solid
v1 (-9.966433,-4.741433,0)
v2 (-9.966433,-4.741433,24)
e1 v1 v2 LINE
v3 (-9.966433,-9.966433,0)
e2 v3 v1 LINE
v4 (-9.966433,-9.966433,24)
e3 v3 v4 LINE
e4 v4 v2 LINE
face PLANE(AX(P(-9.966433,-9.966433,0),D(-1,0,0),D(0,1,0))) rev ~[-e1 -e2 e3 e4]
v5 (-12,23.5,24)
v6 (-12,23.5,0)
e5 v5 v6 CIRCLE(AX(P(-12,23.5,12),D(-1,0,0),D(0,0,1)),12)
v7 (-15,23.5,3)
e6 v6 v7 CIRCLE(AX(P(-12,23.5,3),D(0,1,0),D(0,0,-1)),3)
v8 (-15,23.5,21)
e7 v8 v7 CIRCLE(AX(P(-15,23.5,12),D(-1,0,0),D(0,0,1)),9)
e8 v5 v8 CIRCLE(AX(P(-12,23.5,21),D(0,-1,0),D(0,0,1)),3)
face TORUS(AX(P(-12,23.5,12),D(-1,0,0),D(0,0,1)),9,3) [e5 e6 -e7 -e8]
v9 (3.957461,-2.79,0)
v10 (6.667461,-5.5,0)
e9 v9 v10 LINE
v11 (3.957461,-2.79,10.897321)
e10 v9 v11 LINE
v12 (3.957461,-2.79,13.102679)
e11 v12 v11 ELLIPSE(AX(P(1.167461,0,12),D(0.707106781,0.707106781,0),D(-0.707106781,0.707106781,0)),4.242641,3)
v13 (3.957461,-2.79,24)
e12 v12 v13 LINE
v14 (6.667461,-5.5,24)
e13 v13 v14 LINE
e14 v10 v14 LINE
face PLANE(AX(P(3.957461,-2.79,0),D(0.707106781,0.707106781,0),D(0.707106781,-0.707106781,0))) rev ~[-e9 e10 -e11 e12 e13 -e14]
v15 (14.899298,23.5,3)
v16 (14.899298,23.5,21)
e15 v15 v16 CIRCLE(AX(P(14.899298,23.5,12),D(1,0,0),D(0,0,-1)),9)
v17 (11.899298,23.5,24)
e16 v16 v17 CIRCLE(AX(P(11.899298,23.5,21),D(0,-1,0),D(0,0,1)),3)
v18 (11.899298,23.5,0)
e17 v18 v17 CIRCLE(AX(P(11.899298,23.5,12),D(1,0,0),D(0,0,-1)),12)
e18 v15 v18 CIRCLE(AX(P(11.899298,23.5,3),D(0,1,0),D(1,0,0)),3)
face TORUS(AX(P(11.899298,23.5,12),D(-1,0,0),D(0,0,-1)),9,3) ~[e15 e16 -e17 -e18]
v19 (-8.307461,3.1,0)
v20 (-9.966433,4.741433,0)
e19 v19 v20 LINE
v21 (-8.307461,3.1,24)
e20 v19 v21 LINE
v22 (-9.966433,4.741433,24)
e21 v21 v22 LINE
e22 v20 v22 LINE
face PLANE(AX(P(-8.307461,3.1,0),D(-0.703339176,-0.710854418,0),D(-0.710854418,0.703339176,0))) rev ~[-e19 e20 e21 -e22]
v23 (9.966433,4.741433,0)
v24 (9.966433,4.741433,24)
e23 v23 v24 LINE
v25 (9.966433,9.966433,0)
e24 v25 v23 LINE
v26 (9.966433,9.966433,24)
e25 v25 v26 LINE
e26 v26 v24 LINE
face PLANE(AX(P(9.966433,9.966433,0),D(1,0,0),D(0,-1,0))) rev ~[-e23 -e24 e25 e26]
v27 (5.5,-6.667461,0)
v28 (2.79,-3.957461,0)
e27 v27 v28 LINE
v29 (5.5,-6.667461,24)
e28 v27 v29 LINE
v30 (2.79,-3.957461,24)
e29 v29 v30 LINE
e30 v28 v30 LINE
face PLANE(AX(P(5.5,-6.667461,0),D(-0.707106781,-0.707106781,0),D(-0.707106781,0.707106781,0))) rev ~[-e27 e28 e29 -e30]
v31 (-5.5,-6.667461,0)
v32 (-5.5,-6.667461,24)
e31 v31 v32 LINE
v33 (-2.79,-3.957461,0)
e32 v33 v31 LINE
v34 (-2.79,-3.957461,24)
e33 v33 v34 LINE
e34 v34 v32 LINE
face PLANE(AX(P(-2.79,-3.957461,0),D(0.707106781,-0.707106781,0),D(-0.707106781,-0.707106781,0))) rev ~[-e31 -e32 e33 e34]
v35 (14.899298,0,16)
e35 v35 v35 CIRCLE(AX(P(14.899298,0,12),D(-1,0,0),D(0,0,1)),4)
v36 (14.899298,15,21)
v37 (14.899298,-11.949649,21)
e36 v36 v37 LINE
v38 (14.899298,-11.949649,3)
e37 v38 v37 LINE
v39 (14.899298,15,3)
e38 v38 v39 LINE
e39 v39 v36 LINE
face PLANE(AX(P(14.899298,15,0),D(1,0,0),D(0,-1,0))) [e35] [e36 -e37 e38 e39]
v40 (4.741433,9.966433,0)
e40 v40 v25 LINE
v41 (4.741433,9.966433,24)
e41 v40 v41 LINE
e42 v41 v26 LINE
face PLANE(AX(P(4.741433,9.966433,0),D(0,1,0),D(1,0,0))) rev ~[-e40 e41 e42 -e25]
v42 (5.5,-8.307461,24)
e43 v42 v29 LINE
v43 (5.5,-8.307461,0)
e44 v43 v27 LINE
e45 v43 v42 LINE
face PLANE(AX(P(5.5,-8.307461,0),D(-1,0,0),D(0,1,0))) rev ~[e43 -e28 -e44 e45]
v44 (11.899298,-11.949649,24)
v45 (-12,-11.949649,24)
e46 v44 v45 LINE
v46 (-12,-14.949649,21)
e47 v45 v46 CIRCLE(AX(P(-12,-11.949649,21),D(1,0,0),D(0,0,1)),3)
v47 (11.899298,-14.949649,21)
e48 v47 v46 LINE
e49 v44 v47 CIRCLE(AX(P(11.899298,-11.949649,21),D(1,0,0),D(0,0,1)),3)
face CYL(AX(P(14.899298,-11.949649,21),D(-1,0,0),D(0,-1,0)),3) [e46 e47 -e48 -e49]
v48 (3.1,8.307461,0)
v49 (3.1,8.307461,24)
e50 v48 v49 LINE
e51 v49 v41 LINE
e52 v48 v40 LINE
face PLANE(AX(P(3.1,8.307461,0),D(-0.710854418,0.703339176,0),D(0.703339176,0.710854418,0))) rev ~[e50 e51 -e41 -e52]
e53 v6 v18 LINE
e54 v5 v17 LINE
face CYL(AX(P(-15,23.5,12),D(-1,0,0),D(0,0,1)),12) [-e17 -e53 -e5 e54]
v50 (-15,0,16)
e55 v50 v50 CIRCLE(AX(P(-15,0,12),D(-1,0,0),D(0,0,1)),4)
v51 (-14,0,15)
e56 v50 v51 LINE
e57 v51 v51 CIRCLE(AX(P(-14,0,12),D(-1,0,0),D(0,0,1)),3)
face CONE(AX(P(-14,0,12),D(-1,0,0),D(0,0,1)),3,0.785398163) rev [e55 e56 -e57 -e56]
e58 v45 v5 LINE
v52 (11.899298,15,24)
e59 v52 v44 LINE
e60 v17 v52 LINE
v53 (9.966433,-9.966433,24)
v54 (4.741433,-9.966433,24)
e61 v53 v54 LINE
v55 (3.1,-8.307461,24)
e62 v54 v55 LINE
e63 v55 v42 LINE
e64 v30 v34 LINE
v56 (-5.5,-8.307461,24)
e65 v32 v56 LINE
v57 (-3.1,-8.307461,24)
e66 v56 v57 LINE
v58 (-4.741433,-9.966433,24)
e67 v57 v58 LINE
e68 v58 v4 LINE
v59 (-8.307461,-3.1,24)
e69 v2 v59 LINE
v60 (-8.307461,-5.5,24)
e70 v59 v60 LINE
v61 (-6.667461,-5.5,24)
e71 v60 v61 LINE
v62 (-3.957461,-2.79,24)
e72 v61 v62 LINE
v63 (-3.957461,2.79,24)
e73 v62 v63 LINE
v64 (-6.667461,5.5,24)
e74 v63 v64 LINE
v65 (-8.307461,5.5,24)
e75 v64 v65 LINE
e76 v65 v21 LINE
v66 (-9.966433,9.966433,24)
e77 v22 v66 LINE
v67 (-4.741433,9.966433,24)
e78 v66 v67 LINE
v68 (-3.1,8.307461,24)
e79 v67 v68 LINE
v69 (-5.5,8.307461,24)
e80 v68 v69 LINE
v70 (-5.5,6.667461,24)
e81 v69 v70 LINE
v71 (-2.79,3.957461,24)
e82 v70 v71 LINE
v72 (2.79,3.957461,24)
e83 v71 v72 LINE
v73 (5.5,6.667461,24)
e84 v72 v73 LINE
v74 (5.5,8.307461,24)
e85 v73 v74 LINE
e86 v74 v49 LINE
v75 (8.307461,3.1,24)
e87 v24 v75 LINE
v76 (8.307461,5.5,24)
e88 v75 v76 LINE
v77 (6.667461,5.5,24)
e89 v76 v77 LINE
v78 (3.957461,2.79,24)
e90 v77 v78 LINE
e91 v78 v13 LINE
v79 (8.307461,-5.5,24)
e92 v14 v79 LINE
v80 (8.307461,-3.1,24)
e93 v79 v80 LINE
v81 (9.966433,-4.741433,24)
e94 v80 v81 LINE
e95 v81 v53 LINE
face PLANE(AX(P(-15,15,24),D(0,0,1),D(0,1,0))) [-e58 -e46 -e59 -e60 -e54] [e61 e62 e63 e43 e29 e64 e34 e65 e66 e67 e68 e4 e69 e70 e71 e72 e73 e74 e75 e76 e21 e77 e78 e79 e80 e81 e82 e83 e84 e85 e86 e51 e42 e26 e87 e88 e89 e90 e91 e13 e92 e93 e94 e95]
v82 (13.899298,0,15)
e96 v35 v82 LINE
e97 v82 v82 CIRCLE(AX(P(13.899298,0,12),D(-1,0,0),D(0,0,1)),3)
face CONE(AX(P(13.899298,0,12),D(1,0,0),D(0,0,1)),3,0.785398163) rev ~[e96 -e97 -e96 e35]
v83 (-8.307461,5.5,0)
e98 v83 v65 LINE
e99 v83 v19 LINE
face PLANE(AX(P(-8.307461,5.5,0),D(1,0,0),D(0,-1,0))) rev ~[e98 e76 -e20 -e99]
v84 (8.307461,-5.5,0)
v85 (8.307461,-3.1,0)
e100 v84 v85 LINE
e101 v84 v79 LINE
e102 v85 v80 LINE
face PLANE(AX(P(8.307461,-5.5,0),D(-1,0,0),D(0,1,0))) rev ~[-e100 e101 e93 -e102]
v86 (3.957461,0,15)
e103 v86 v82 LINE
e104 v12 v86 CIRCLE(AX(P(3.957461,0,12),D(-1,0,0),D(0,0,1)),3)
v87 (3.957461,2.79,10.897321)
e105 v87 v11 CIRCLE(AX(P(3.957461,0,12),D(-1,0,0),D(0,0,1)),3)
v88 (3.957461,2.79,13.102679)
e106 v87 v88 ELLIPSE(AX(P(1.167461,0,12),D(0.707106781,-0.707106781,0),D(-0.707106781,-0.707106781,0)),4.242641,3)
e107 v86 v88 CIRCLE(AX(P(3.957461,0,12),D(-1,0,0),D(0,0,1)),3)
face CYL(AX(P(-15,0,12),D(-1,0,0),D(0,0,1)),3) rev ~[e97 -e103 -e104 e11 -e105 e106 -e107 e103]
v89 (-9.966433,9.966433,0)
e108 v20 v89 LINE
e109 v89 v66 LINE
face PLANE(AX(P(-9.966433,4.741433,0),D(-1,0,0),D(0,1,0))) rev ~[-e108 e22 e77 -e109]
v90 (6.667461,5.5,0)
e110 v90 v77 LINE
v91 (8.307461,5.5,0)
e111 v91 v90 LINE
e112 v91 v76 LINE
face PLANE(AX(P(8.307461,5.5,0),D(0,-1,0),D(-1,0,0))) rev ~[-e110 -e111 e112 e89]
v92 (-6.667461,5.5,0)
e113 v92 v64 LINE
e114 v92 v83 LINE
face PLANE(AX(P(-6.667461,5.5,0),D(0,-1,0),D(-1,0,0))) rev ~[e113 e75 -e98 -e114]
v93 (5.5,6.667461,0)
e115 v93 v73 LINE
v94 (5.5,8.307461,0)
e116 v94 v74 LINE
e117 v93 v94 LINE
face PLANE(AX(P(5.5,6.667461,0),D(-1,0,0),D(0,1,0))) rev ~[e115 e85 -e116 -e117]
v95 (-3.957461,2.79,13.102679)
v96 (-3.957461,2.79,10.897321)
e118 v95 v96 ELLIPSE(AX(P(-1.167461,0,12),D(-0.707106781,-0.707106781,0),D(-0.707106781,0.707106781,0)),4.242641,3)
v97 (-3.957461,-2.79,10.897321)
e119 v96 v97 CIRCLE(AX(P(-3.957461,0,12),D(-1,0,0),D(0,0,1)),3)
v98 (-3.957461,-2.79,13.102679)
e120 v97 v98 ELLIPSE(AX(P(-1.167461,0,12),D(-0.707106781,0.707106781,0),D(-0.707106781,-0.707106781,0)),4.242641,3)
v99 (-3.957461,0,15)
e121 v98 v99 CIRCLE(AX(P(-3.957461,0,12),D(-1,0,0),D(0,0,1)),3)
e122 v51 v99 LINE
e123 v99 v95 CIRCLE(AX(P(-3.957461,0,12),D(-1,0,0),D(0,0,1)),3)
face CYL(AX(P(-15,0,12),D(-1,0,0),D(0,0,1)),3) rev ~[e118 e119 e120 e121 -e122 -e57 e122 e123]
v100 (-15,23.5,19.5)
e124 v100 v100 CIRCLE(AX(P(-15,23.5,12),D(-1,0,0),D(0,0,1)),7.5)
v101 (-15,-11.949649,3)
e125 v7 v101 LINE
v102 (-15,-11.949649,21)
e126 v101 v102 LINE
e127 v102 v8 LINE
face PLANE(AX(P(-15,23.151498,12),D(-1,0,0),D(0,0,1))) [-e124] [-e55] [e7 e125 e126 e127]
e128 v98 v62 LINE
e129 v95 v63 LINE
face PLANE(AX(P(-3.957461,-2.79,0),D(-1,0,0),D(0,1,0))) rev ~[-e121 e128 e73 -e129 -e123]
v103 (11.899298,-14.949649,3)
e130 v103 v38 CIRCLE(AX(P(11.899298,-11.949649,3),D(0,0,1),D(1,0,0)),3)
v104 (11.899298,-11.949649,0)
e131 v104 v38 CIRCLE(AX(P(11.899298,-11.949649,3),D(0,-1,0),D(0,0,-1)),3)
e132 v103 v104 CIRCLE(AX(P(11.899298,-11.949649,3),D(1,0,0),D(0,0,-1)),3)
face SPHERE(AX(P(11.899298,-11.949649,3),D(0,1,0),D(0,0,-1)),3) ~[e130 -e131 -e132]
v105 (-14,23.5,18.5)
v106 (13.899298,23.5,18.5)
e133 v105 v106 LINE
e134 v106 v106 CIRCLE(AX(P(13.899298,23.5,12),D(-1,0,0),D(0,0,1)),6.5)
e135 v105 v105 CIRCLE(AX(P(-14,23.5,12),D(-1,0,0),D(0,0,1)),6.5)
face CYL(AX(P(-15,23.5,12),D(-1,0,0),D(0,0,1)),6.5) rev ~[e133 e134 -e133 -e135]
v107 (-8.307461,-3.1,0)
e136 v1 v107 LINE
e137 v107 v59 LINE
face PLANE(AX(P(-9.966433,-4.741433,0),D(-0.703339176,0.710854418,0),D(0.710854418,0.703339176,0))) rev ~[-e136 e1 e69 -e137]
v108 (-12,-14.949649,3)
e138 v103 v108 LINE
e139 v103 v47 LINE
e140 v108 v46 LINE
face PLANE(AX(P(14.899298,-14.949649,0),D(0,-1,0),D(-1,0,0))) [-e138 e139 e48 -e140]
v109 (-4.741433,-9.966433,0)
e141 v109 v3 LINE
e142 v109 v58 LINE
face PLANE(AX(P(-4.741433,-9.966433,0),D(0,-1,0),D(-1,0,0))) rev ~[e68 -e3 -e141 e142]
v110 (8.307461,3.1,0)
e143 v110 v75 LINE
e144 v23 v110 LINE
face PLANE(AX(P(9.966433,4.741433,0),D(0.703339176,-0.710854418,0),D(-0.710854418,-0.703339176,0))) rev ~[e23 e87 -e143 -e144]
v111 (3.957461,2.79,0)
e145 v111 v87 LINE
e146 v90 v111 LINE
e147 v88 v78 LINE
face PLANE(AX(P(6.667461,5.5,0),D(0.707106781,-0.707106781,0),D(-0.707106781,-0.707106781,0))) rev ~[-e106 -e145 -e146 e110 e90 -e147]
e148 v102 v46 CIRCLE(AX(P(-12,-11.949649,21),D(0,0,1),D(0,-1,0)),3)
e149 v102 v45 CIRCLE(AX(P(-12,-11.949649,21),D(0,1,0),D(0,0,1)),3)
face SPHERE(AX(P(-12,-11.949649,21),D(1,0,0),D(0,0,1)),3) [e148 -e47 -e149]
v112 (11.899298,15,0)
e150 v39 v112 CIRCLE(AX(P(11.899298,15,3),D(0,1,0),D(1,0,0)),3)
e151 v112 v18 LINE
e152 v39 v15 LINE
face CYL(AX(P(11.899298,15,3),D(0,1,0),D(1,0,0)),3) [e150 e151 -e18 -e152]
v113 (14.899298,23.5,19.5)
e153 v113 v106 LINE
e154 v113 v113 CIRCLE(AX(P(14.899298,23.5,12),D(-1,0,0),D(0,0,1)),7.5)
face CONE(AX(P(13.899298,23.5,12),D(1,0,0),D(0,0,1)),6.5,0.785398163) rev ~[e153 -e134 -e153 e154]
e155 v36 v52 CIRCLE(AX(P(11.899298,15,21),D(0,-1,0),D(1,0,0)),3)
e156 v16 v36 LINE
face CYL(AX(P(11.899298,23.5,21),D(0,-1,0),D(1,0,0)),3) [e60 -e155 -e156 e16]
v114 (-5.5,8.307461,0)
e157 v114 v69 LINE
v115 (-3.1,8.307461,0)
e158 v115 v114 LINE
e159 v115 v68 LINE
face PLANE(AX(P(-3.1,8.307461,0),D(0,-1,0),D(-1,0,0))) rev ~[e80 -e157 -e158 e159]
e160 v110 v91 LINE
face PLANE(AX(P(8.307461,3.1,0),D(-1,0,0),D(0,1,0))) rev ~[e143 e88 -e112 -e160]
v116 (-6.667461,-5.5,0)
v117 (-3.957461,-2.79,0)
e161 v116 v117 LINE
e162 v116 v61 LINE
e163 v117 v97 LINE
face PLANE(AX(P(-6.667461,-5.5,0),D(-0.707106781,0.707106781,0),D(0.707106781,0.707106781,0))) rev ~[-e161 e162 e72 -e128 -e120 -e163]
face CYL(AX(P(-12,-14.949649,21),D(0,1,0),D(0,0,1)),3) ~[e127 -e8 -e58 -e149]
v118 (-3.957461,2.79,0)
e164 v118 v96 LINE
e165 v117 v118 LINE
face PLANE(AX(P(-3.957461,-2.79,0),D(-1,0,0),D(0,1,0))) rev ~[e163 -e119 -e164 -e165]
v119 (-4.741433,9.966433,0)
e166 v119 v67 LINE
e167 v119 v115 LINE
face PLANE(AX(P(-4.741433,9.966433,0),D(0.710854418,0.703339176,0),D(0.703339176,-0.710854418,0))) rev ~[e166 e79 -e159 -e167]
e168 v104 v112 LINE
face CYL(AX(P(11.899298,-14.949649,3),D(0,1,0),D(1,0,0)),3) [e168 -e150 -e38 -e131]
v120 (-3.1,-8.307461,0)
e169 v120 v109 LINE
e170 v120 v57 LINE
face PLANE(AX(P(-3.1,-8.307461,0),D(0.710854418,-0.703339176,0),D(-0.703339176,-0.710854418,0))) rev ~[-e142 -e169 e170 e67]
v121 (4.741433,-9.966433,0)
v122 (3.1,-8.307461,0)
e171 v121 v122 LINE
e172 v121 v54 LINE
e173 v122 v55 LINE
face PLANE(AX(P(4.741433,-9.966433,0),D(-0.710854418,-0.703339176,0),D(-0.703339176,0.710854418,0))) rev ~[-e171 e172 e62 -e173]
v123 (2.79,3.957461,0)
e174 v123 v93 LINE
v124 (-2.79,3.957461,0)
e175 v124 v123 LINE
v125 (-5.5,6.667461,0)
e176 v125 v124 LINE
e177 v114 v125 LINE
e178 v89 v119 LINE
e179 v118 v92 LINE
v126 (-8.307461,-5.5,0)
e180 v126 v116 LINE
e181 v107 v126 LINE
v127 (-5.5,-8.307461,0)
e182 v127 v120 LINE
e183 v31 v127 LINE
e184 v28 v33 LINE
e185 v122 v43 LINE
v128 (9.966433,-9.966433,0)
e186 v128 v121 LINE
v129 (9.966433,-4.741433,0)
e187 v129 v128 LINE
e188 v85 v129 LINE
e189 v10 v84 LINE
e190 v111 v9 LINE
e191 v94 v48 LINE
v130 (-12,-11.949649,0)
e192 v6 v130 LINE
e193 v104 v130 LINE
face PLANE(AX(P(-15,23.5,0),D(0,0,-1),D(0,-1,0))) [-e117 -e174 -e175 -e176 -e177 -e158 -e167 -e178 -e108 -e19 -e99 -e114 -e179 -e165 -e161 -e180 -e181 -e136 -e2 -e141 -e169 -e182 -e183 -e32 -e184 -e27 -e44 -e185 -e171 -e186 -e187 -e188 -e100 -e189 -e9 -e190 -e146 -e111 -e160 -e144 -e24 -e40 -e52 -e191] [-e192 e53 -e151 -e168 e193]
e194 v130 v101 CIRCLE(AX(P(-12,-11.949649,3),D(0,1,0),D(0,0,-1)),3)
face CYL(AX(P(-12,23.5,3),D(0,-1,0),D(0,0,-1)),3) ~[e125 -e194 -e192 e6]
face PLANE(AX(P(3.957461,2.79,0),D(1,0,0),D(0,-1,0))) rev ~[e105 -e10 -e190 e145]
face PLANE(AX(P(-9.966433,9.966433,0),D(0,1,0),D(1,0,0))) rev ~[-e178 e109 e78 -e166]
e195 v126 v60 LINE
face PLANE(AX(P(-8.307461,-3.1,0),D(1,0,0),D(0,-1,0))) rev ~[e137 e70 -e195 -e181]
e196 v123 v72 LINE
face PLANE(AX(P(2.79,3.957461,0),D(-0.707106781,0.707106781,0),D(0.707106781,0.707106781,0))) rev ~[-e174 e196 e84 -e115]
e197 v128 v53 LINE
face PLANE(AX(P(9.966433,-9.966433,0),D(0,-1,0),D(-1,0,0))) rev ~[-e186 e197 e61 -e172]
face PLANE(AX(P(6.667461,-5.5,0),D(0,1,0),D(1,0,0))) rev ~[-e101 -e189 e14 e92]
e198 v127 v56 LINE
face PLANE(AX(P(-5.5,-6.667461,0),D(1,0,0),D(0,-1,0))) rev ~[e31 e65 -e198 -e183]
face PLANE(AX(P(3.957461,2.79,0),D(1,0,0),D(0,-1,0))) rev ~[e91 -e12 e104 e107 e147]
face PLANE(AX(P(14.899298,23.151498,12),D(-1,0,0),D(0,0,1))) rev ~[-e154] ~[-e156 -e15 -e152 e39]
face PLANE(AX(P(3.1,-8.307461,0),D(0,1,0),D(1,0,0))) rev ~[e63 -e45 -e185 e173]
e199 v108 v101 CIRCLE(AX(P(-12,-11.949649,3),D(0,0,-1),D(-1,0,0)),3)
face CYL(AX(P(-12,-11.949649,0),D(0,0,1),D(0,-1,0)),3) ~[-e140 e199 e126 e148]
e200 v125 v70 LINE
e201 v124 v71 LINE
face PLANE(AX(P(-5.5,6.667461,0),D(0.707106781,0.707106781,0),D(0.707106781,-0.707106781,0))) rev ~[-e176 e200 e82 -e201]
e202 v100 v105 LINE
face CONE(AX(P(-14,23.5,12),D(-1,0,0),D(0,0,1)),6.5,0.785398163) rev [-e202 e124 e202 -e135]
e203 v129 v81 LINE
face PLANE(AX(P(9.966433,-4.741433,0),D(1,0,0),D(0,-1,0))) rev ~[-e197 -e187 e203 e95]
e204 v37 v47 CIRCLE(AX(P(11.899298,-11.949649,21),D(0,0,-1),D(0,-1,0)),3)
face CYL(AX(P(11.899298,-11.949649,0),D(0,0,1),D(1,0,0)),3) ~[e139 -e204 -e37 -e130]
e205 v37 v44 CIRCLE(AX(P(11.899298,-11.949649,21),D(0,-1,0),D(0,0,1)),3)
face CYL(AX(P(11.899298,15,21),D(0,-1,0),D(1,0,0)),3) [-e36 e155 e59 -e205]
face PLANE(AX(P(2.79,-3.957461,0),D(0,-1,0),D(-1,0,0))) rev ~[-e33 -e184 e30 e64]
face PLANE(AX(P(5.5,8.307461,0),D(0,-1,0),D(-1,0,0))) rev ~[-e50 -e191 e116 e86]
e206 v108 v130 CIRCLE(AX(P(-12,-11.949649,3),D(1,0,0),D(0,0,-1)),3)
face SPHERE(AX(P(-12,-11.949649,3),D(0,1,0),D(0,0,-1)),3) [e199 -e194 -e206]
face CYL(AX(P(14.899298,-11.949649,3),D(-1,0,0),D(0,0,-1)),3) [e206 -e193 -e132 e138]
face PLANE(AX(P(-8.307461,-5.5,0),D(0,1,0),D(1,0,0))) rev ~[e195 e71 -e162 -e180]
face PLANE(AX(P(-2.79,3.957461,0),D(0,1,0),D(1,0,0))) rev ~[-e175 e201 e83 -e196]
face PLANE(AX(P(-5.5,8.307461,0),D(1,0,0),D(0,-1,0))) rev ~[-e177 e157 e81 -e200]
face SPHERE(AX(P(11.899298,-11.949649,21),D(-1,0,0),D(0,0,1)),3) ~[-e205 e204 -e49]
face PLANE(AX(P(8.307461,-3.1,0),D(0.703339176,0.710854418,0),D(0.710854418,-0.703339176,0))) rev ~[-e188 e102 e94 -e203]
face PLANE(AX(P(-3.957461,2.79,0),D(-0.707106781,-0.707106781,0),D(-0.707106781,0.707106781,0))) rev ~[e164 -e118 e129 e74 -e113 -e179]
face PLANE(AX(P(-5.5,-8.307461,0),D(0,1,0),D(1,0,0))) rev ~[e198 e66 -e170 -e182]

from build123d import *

# Parameters (mm, degrees)
BOSS_EXTRUDE1_DEPTH = 24
SKETCH5_R           = 6.5
BOSS_EXTRUDE3_DEPTH = 29.899298
SKETCH3_R           = 3
CUT_EXTRUDE1_DEPTH  = 30.899298428
FILLET1_R           = 3
CHAMFER1_SIZE       = 1


with BuildPart() as part:
    # Sketch1 → Boss-Extrude1 (new body)
    with BuildSketch(Plane.XY):
        Polygon((0, 15), (14.899298428, 15), (14.899298428, -14.949649214), (-15, -14.949649214), (-15, 15), align=None)
        Polygon((-9.966432809, 9.966432809), (-4.741432809, 9.966432809), (-3.1, 8.307461143), (-5.5, 8.307461143), (-5.5, 6.667461143), (-2.79, 3.957461143), (2.79, 3.957461143), (5.5, 6.667461143), (5.5, 8.307461143), (3.1, 8.307461143), (4.741432809, 9.966432809), (9.966432809, 9.966432809), (9.966432809, 4.741432809), (8.307461143, 3.1), (8.307461143, 5.5), (6.667461143, 5.5), (3.957461143, 2.79), (3.957461143, -2.79), (6.667461143, -5.5), (8.307461143, -5.5), (8.307461143, -3.1), (9.966432809, -4.741432809), (9.966432809, -9.966432809), (4.741432809, -9.966432809), (3.1, -8.307461143), (5.5, -8.307461143), (5.5, -6.667461143), (2.79, -3.957461143), (-2.79, -3.957461143), (-5.5, -6.667461143), (-5.5, -8.307461143), (-3.1, -8.307461143), (-4.741432809, -9.966432809), (-9.966432809, -9.966432809), (-9.966432809, -4.741432809), (-8.307461143, -3.1), (-8.307461143, -5.5), (-6.667461143, -5.5), (-3.957461143, -2.79), (-3.957461143, 2.79), (-6.667461143, 5.5), (-8.307461143, 5.5), (-8.307461143, 3.1), (-9.966432809, 4.741432809), align=None, mode=Mode.SUBTRACT)
    extrude(amount=BOSS_EXTRUDE1_DEPTH)

    # Sketch5 → Boss-Extrude3 (add, through all)
    with BuildSketch(Plane.ZY.offset(15)):
        with BuildLine():
            Line((0, 15), (24, 15))
            Line((24, 15), (24, 23.5))
            ThreePointArc((24, 23.5), (12, 35.5), (0, 23.5))
            Line((0, 23.5), (0, 15))
        make_face()
        with Locations((12, 23.5)):
            Circle(SKETCH5_R, mode=Mode.SUBTRACT)
    extrude(amount=-BOSS_EXTRUDE3_DEPTH)

    # Sketch3 → Cut-Extrude1 (cut, through all)
    with BuildSketch(Plane.ZY.offset(15)):
        with Locations((12, 0)):
            Circle(SKETCH3_R)
    extrude(amount=-CUT_EXTRUDE1_DEPTH, mode=Mode.SUBTRACT)

    # Fillet1
    fillet1_edges = [part.edges().sort_by_distance(p)[0] for p in [
        (-0.050350786, -14.949649214, 24),
        (14.899298428, 0.025175393, 24),
        (14.899298, 35.5, 12),
        (-15, 35.5, 12),
        (14.899298428, 0.025175393, 0),
        (-0.050350786, -14.949649214, 0),
        (-15, 4.275175393, 0),
        (-15, 4.275175393, 24),
        (14.899298428, -14.949649214, 12),
        (-15, -14.949649214, 12),
    ]]
    fillet(fillet1_edges, radius=FILLET1_R)

    # Chamfer1
    chamfer1_edges = [part.edges().sort_by_distance(p)[0] for p in [
        (14.899298, 23.5, 5.5),
        (-15, 23.5, 5.5),
        (14.899298428, 0, 9),
        (-15, 0, 9),
    ]]
    chamfer(chamfer1_edges, length=CHAMFER1_SIZE)


solid = part.part
